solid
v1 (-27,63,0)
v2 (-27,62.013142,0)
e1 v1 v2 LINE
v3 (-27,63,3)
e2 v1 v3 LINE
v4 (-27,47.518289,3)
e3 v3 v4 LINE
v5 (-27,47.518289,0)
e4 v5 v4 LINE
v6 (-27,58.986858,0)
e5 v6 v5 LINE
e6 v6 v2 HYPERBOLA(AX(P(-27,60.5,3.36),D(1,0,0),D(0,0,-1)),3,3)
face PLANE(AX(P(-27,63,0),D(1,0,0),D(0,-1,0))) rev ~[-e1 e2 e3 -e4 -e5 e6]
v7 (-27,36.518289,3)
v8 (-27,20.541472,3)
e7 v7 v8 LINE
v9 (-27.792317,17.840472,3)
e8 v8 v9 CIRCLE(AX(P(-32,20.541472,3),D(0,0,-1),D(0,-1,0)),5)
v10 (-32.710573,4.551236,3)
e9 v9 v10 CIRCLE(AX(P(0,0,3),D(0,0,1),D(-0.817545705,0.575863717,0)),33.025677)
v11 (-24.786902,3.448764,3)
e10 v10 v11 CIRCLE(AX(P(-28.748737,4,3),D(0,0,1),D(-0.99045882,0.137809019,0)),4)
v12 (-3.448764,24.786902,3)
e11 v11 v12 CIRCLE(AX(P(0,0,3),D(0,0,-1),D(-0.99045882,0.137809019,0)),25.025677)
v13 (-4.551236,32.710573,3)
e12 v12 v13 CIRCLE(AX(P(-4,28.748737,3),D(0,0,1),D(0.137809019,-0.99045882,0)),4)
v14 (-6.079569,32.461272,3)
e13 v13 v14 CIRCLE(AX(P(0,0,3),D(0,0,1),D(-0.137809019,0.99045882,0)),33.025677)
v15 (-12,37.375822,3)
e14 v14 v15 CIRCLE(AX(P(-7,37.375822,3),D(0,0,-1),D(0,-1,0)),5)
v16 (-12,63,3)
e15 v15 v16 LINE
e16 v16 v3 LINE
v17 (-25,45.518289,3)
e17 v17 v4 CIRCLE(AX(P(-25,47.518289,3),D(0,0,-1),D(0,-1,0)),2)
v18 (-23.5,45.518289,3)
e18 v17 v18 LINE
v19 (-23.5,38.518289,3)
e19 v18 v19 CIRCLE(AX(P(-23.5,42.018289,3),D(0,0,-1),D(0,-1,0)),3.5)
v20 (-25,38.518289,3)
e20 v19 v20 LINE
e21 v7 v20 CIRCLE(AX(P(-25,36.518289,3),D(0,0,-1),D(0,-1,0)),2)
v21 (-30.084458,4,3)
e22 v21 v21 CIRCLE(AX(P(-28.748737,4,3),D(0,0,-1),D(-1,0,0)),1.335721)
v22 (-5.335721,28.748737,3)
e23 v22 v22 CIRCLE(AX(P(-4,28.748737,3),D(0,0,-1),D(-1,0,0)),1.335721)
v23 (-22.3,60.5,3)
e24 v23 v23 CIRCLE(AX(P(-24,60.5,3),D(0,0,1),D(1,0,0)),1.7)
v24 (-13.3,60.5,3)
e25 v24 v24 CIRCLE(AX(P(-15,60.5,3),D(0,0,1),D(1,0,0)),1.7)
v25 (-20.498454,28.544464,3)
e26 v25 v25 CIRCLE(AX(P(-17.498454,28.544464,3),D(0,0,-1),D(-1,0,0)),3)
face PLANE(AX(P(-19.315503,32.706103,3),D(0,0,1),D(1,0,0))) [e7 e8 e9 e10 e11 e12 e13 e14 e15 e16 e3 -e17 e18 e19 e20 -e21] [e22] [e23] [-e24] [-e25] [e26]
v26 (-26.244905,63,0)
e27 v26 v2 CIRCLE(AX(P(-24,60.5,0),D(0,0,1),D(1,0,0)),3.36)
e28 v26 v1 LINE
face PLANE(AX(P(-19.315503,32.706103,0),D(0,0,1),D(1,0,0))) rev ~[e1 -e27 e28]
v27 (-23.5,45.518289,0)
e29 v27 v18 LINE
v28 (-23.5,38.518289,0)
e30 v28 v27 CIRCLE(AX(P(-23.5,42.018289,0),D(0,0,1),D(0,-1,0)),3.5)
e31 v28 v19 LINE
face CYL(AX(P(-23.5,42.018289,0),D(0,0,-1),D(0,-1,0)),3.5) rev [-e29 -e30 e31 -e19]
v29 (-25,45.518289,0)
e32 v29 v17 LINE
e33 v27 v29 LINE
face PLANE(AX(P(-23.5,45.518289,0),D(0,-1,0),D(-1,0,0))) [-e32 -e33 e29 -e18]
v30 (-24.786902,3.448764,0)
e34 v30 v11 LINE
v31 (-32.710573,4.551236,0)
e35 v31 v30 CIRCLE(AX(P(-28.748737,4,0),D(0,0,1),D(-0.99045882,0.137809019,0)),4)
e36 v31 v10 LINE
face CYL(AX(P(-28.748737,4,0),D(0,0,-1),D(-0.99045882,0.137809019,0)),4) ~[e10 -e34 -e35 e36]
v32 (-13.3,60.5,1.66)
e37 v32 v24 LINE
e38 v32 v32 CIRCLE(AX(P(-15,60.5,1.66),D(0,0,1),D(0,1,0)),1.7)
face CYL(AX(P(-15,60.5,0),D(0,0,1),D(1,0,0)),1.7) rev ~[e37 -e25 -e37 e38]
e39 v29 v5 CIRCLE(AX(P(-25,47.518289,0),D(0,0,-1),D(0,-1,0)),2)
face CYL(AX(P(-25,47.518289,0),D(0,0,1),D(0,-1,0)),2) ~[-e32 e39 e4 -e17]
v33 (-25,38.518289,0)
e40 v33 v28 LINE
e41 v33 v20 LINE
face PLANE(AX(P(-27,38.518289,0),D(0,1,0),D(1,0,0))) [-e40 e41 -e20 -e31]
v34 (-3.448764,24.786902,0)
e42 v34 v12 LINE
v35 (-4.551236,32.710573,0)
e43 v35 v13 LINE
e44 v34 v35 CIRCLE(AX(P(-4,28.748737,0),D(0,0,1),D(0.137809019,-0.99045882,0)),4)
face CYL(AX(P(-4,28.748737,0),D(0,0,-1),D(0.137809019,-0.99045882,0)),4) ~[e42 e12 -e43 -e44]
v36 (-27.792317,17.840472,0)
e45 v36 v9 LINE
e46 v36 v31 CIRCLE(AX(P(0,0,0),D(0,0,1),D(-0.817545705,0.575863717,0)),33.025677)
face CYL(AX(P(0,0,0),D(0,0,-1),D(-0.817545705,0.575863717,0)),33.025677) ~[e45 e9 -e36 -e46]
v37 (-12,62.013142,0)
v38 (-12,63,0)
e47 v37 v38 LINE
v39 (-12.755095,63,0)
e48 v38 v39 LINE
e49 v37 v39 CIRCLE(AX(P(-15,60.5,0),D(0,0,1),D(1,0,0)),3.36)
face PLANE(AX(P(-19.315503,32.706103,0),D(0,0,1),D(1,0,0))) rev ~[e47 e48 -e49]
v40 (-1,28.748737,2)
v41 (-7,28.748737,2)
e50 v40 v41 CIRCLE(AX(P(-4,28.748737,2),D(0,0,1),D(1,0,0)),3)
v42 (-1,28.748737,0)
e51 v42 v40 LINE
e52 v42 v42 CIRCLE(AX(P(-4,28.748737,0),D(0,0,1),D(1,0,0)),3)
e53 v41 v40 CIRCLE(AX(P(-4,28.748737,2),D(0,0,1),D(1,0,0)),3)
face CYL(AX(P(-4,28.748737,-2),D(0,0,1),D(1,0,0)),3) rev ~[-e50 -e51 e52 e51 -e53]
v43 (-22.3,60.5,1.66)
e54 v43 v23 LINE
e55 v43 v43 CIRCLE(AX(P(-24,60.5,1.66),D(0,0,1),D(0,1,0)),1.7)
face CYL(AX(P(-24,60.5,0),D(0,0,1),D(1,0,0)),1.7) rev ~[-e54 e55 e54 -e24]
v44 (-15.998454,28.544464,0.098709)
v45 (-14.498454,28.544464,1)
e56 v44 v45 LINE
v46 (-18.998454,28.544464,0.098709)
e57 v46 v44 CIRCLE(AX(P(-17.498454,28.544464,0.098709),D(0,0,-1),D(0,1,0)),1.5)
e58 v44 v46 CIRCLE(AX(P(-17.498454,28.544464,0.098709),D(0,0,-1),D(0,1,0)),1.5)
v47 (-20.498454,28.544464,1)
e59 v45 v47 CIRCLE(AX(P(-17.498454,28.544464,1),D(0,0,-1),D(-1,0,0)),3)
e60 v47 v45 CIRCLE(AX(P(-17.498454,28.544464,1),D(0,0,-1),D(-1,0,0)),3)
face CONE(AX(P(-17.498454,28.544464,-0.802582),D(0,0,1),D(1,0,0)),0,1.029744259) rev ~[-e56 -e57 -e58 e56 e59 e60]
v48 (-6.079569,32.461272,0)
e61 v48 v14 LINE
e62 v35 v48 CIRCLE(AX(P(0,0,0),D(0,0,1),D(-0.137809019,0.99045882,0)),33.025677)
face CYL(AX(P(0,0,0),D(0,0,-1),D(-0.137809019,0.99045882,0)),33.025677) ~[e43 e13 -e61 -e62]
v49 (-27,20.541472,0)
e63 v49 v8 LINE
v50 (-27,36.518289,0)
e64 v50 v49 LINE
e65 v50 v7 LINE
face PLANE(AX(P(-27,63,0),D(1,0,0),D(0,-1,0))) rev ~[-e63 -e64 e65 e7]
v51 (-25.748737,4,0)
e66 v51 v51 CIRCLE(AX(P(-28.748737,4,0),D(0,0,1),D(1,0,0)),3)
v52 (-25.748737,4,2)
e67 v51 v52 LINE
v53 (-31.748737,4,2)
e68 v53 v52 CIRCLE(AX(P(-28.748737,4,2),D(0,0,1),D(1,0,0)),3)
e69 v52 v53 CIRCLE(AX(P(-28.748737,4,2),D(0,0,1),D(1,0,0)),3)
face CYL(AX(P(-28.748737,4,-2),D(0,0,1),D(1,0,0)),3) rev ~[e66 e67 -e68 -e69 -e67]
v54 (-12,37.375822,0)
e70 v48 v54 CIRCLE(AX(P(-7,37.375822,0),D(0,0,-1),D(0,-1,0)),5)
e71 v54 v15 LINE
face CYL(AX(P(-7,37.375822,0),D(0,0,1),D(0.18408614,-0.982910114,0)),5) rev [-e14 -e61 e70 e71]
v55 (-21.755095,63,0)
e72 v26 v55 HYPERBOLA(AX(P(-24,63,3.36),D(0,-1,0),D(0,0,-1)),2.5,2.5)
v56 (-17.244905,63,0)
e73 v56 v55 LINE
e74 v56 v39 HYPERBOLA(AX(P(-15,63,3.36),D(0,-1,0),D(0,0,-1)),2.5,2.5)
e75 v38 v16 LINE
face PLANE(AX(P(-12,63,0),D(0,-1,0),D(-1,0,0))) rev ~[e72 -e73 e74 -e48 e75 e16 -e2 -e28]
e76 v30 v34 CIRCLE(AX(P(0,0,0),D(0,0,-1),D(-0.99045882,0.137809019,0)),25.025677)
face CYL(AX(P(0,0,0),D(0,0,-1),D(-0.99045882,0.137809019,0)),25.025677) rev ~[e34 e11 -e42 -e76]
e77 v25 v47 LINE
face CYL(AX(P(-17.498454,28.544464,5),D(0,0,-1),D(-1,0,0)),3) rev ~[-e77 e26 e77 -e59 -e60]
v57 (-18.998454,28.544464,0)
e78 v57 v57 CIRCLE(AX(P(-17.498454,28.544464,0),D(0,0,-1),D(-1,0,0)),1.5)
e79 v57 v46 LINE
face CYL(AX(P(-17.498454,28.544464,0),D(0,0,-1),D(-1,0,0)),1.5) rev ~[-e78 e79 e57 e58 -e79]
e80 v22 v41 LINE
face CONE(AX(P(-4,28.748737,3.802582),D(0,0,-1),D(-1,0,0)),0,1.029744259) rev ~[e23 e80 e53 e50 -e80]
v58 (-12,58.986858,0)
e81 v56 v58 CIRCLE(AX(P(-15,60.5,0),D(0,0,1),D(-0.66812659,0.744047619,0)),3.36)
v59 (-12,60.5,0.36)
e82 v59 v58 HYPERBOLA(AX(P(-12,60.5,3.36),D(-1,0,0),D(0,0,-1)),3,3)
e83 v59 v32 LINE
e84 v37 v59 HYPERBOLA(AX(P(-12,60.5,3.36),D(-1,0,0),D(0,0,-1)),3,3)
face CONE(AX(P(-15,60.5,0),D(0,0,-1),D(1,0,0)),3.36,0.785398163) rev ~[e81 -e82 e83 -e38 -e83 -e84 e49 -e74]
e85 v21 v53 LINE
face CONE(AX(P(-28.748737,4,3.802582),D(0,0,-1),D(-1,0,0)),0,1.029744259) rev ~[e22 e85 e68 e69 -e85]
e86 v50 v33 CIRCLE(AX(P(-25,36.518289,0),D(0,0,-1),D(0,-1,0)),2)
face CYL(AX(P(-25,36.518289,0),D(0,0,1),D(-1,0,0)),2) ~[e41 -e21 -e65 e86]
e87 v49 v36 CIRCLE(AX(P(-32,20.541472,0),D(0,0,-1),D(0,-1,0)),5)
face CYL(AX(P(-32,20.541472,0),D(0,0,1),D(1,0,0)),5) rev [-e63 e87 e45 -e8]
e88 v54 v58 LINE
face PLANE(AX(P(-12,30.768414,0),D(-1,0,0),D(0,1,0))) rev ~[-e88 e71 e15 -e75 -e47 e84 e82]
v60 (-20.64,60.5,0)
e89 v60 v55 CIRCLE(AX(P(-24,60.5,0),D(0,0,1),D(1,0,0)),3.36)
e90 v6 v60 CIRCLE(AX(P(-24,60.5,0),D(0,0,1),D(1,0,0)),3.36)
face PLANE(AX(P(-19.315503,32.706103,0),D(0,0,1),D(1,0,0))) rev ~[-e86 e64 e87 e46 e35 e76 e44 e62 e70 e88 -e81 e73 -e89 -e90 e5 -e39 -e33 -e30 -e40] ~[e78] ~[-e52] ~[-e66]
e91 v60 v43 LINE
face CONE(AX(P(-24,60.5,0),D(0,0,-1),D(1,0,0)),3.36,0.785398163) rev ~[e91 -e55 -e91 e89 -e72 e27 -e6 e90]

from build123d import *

# Parameters (mm, degrees)
RESSALTO_EXTRUS_O1_DEPTH                = 3
BROCA_DE_ROSQUEAR_PARA_TARRAXA_DE_M31_D = 2.5
FURO_DE_DI_METRO_6_0_6_1_D              = 6
FURO_DE_DI_METRO_6_0_6_1_DEPTH          = 2
FURO_DE_DI_METRO_6_0_6_1_TIP            = 1.802581857
ESCAREADO_PARA_SFHCS_M31_D              = 3.4
ESCAREADO_PARA_SFHCS_M31_DEPTH          = 10
ESCAREADO_PARA_SFHCS_M31_CSINK_D        = 6.72
ESCAREADO_PARA_SFHCS_M31_CSINK_ANGLE    = 90
ESCAREADO_PARA_SFHCS_M31_TIP            = 1.021463052
ESBO_O10_R                              = 1.5
CORTE_EXTRUS_O1_DEPTH                   = 72.066727781
FILETE1_R                               = 2
FILETE2_R                               = 5
FURO_DE_DI_METRO_6_0_6_2_D              = 6
FURO_DE_DI_METRO_6_0_6_2_DEPTH          = 2
FURO_DE_DI_METRO_6_0_6_2_TIP            = 1.802581857


with BuildPart() as part:
    # Esboço1 → Ressalto-extrusão1 (new body)
    with BuildSketch(Plane.XY):
        with BuildLine():
            Line((-12, 30.768414179), (-12, 63))
            Line((-12, 63), (-27, 63))
            Line((-27, 63), (-27, 19.018288858))
            ThreePointArc((-27, 19.018288858), (-30.719082421, 12.125728279), (-32.710572622, 4.551236075))
            ThreePointArc((-32.710572622, 4.551236075), (-29.299973416, 0.038164719), (-24.786902061, 3.448763925))
            ThreePointArc((-24.786902061, 3.448763925), (-17.695825587, 17.695825587), (-3.448763925, 24.786902061))
            ThreePointArc((-3.448763925, 24.786902061), (-0.038164719, 29.299973416), (-4.551236075, 32.710572622))
            ThreePointArc((-4.551236075, 32.710572622), (-8.332397539, 31.957259931), (-12, 30.768414179))
        make_face()
    extrude(amount=RESSALTO_EXTRUS_O1_DEPTH)

    # Broca de rosquear para tarraxa de M31 (through all)
    with Locations(Plane.XY.offset(3)):
        with Locations((-28.748737342, 4), (-4, 28.748737342)):
            Hole(BROCA_DE_ROSQUEAR_PARA_TARRAXA_DE_M31_D / 2)

    # Furo de diâmetro Ø6.0 (6)1
    with Locations(Plane(origin=(0, 0, 0), x_dir=(-1, 0, 0), z_dir=(0, 0, -1))):
        with Locations((28.748737342, 4), (4, 28.748737342)):
            Hole(FURO_DE_DI_METRO_6_0_6_1_D / 2, depth=FURO_DE_DI_METRO_6_0_6_1_DEPTH)
            with Locations((0, 0, -(FURO_DE_DI_METRO_6_0_6_1_DEPTH + FURO_DE_DI_METRO_6_0_6_1_TIP / 2))):  # 118° drill point
                Cone(0, FURO_DE_DI_METRO_6_0_6_1_D / 2, FURO_DE_DI_METRO_6_0_6_1_TIP, mode=Mode.SUBTRACT)

    # Escareado para SFHCS M31
    with Locations(Plane(origin=(0, 0, 0), x_dir=(-1, 0, 0), z_dir=(0, 0, -1))):
        with Locations((15, 60.5), (24, 60.5)):
            CounterSinkHole(ESCAREADO_PARA_SFHCS_M31_D / 2, ESCAREADO_PARA_SFHCS_M31_CSINK_D / 2, depth=ESCAREADO_PARA_SFHCS_M31_DEPTH, counter_sink_angle=ESCAREADO_PARA_SFHCS_M31_CSINK_ANGLE)
            with Locations((0, 0, -(ESCAREADO_PARA_SFHCS_M31_DEPTH + ESCAREADO_PARA_SFHCS_M31_TIP / 2))):  # 118° drill point
                Cone(0, ESCAREADO_PARA_SFHCS_M31_D / 2, ESCAREADO_PARA_SFHCS_M31_TIP, mode=Mode.SUBTRACT)

    # Esboço10 → Corte-extrusão1 (cut, through all)
    with BuildSketch(Plane(origin=(0, 0, 0), x_dir=(-1, 0, 0), z_dir=(0, 0, -1))):
        with Locations((17.498454448, 28.544464197)):
            Circle(ESBO_O10_R)
        with BuildLine():
            Line((23.5, 45.518288858), (27, 45.518288858))
            Line((27, 45.518288858), (27, 38.518288858))
            Line((27, 38.518288858), (23.5, 38.518288858))
            ThreePointArc((23.5, 38.518288858), (20, 42.018288858), (23.5, 45.518288858))
        make_face()
    extrude(amount=-CORTE_EXTRUS_O1_DEPTH, mode=Mode.SUBTRACT)

    # Filete1
    filete1_edges = [part.edges().sort_by_distance(p)[0] for p in [
        (-27, 45.518288858, 1.5),
        (-27, 38.518288858, 1.5),
    ]]
    fillet(filete1_edges, radius=FILETE1_R)

    # Filete2
    filete2_edges = [part.edges().sort_by_distance(p)[0] for p in [
        (-27, 19.018288858, 1.5),
        (-12, 30.768414179, 1.5),
    ]]
    fillet(filete2_edges, radius=FILETE2_R)

    # Furo de diâmetro Ø6.0 (6)2
    with Locations(Plane.XY.offset(3)):
        with Locations((-17.498454448, 28.544464197)):
            Hole(FURO_DE_DI_METRO_6_0_6_2_D / 2, depth=FURO_DE_DI_METRO_6_0_6_2_DEPTH)
            with Locations((0, 0, -(FURO_DE_DI_METRO_6_0_6_2_DEPTH + FURO_DE_DI_METRO_6_0_6_2_TIP / 2))):  # 118° drill point
                Cone(0, FURO_DE_DI_METRO_6_0_6_2_D / 2, FURO_DE_DI_METRO_6_0_6_2_TIP, mode=Mode.SUBTRACT)


solid = part.part
